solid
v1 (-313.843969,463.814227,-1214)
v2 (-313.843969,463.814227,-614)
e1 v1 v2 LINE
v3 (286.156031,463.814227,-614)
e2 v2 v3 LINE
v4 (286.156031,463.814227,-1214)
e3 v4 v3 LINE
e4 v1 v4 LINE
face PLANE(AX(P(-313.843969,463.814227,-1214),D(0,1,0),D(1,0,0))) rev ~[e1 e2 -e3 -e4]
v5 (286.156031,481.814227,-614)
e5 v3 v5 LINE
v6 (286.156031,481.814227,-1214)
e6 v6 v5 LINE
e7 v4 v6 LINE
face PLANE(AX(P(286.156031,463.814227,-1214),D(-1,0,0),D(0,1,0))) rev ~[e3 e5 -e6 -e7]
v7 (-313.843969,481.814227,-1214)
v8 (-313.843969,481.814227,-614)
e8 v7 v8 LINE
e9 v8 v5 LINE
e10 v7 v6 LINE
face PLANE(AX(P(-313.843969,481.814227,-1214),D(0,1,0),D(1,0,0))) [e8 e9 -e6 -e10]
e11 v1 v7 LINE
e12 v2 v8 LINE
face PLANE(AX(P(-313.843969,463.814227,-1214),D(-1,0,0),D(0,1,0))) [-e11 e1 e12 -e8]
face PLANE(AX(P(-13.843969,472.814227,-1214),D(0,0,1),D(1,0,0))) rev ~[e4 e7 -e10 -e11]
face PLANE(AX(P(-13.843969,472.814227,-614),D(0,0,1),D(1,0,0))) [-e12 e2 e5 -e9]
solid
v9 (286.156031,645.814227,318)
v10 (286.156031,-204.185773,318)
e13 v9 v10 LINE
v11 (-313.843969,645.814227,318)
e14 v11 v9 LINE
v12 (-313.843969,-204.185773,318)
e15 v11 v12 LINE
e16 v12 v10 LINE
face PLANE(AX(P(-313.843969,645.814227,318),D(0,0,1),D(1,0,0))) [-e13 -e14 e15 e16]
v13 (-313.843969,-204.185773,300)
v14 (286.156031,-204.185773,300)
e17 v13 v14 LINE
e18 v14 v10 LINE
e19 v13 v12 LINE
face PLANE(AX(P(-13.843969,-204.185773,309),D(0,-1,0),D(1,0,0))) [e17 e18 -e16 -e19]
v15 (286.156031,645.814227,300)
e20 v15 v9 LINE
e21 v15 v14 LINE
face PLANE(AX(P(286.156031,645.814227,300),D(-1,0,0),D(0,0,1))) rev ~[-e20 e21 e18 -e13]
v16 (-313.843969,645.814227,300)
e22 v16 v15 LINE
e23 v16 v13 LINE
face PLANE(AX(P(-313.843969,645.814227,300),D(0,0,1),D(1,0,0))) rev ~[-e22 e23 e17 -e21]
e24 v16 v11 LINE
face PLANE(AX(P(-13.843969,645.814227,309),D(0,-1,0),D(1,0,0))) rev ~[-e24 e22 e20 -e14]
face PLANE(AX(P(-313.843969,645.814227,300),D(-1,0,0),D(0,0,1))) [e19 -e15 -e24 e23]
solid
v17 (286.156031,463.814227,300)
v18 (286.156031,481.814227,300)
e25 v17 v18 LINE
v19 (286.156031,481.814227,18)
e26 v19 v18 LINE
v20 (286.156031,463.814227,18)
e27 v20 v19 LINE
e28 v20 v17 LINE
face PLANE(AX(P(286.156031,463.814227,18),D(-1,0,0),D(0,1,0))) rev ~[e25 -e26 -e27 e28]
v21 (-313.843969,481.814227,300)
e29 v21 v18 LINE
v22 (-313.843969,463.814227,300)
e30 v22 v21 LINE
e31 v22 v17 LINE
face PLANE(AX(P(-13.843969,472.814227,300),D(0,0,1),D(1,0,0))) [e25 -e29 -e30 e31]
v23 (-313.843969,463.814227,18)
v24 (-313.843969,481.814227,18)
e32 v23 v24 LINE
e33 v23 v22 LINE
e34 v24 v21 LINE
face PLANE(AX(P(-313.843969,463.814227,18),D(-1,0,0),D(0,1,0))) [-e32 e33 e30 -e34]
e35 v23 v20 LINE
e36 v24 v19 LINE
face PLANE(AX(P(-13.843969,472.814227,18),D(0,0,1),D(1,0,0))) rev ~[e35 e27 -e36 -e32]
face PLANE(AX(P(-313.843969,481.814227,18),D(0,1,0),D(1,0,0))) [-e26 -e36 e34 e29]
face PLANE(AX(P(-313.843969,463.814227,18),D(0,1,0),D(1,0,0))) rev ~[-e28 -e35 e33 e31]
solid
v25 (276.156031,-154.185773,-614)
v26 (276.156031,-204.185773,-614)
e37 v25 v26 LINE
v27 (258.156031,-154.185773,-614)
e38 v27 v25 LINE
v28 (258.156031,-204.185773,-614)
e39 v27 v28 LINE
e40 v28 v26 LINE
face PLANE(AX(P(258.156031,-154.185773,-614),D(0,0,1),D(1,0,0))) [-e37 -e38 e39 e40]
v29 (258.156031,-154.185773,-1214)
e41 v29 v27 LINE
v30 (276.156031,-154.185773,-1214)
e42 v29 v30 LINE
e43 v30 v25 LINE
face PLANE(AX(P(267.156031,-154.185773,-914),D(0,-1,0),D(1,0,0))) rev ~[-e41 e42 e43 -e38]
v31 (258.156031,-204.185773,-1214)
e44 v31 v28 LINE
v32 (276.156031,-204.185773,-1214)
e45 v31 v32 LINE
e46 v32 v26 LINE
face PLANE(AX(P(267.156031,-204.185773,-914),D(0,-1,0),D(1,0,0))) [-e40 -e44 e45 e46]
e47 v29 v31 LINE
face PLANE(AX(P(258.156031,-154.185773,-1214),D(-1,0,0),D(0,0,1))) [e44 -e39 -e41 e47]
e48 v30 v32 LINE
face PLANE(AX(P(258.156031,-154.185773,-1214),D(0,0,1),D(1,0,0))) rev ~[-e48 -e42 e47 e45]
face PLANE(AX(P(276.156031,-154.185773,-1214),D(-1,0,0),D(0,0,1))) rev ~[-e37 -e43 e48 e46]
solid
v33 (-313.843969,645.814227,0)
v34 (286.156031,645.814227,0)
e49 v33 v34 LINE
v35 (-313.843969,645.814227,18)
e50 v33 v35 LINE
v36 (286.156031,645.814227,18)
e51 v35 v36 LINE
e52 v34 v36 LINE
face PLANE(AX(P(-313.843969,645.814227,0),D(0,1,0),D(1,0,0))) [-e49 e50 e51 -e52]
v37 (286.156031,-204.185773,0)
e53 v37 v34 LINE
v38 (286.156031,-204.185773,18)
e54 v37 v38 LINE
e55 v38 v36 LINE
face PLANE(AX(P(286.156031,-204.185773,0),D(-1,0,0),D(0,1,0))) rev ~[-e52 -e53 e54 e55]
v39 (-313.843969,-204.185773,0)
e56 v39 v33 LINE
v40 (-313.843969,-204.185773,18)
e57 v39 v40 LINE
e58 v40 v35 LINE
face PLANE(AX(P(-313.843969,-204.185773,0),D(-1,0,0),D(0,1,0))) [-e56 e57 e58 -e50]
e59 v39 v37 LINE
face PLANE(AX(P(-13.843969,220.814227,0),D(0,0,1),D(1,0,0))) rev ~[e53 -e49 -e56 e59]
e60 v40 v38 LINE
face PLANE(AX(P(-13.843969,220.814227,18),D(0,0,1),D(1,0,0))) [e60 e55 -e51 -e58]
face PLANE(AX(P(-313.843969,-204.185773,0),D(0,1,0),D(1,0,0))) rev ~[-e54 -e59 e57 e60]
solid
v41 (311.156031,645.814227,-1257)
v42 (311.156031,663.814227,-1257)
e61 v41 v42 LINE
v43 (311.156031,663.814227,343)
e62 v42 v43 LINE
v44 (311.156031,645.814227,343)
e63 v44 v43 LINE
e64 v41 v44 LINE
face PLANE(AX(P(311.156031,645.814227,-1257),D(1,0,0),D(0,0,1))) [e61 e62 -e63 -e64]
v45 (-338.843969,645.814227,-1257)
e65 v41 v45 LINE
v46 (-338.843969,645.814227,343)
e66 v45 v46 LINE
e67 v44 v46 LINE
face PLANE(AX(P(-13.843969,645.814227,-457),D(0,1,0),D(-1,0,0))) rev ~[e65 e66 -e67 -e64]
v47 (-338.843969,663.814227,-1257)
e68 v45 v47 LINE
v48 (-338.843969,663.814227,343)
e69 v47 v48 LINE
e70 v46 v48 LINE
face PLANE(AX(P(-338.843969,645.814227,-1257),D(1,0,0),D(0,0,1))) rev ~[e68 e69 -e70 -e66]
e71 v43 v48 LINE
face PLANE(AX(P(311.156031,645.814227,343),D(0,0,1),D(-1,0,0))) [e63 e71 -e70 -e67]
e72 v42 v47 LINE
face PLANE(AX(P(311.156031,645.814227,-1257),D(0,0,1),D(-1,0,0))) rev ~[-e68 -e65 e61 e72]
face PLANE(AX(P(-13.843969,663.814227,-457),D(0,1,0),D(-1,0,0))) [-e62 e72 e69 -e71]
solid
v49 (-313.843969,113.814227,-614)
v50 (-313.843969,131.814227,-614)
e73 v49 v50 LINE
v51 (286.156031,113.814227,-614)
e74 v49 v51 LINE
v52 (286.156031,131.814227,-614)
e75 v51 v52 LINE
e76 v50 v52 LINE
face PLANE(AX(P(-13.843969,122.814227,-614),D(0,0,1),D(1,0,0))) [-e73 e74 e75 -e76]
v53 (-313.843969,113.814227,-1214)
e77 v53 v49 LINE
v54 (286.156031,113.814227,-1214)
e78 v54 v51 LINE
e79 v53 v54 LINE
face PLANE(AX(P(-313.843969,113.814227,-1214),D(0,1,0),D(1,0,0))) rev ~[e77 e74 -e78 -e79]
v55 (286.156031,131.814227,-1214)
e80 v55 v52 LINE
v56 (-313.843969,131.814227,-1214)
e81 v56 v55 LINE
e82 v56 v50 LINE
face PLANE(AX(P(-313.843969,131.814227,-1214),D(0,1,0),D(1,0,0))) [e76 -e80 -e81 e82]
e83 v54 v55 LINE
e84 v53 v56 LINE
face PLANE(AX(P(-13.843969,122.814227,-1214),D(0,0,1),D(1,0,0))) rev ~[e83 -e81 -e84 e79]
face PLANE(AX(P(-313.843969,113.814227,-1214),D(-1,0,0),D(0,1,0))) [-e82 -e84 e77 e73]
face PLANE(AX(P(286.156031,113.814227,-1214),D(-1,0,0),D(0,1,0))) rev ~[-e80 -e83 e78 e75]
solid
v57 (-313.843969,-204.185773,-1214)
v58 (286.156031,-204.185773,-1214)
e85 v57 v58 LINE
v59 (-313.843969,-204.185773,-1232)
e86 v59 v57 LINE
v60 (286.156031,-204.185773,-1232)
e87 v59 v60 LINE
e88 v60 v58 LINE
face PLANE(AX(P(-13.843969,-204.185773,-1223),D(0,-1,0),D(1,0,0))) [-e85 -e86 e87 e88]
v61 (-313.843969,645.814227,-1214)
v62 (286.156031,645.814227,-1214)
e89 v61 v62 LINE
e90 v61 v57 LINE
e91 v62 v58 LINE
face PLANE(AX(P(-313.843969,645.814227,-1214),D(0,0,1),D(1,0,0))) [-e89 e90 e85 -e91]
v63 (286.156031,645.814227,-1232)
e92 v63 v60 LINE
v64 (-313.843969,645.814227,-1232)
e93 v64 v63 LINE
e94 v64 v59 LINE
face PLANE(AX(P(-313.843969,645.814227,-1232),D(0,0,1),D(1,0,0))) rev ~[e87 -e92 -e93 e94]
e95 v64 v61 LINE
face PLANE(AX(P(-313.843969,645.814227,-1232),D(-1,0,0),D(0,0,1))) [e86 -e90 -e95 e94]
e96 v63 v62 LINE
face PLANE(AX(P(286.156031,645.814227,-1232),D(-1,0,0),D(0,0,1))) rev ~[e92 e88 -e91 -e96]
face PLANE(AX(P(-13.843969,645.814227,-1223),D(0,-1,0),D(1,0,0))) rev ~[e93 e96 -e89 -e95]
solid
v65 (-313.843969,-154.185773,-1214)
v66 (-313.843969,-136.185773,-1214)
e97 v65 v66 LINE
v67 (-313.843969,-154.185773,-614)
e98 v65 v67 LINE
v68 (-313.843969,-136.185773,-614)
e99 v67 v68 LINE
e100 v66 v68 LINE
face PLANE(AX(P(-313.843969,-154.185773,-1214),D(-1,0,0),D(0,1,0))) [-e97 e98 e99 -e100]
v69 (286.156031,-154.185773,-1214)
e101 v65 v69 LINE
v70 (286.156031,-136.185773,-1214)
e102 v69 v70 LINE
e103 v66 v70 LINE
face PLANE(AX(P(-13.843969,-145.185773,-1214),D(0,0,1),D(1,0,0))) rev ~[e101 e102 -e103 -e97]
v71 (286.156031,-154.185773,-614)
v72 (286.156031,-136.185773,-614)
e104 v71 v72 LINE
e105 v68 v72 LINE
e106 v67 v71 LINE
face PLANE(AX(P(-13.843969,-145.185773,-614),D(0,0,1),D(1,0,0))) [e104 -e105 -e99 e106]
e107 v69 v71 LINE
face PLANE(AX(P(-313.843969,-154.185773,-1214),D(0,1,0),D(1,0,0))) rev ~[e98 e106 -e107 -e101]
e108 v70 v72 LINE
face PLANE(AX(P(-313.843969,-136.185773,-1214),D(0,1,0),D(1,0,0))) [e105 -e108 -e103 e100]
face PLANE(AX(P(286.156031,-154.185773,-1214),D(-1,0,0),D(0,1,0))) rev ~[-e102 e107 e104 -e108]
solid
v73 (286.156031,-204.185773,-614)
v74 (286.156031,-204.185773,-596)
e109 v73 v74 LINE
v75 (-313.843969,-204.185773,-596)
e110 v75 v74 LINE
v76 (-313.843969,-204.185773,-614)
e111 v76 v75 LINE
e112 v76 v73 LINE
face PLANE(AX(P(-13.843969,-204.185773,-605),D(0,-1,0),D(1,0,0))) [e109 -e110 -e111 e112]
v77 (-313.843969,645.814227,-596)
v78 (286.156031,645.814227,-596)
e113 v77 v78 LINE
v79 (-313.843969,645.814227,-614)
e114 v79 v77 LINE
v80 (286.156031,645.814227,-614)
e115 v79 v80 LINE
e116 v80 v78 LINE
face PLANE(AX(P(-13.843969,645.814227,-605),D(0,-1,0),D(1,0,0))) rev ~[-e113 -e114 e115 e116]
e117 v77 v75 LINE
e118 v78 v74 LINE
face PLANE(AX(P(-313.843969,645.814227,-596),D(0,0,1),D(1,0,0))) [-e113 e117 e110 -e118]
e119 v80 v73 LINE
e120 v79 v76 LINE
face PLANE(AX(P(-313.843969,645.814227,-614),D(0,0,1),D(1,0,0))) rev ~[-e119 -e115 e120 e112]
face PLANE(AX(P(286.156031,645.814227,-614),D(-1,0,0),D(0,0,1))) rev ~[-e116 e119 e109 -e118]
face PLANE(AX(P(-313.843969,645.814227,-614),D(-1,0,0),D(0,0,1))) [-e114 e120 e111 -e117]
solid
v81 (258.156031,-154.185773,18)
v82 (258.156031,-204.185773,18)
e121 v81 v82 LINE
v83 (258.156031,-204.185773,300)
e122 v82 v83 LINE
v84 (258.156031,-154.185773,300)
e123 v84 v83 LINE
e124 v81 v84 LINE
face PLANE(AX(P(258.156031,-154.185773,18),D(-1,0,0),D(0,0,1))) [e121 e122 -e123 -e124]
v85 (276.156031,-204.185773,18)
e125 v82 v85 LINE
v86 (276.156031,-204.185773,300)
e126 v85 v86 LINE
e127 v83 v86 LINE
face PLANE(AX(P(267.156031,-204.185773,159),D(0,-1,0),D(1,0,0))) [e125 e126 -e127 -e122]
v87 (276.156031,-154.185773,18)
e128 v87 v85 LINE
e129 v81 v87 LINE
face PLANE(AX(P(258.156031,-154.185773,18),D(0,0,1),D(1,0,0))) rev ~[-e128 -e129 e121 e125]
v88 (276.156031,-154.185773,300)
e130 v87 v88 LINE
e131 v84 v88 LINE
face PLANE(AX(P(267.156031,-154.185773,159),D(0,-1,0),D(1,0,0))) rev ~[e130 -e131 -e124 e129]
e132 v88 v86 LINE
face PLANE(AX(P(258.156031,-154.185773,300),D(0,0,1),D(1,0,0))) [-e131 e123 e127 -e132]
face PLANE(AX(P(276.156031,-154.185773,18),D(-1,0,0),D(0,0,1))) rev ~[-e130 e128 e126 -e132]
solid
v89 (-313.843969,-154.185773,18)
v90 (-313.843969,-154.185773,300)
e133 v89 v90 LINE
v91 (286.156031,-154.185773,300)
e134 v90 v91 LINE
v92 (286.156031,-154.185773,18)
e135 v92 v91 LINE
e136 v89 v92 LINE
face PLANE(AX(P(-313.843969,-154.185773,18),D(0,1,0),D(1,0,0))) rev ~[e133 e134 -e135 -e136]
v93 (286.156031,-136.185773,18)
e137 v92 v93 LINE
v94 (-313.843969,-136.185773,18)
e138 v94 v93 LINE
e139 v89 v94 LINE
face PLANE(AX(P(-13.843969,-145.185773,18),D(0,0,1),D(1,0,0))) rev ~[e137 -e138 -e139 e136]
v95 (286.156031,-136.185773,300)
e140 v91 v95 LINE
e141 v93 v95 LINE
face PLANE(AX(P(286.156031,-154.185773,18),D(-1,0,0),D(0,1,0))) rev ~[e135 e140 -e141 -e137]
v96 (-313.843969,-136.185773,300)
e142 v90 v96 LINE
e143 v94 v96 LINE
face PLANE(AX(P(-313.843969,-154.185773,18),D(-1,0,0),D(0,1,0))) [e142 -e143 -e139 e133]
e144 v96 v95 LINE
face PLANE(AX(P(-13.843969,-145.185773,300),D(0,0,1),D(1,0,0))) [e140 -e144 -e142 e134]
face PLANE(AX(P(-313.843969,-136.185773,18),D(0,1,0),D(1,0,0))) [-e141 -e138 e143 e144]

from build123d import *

# Parameters (mm, degrees)
F0_W      = 600
F0_H      = 850
F1_DEPTH  = 18
F2_W      = 650
F2_H      = 1600
F3_DEPTH  = 18
F4_W      = 600
F4_H      = 18
F5_DEPTH  = 850
F6_W      = 600
F6_H      = 18
F7_DEPTH  = 600
F8_W      = 600
F8_H      = 18
F9_DEPTH  = 282
F10_W     = 18
F10_H     = 282
F10_H_2   = 600
F11_DEPTH = 50


with BuildPart() as f1:
    # F0 (on Top) → F1 (new body)
    with BuildSketch(Plane.XY):
        with Locations((-13.843969, 220.814227)):
            Rectangle(F0_W, F0_H)
    extrude(amount=F1_DEPTH)


with BuildPart() as f3:
    # F2 (on face) → F3 (new body)
    with BuildSketch(Plane(origin=(0, 645.814227, 0), x_dir=(-1, 0, 0), z_dir=(0, 1, 0))):
        with Locations((13.843969, -457)):
            Rectangle(F2_W, F2_H)
    extrude(amount=F3_DEPTH)


with BuildPart() as f5:
    # F4 (on face) → F5 (new body, through all)
    with BuildSketch(Plane.XZ.offset(-645.814227)):
        with Locations((-13.843969, -605)):
            Rectangle(F4_W, F4_H)
        with Locations((-13.843969, -1223)):
            Rectangle(F4_W, F4_H)
        with Locations((-13.843969, 309)):
            Rectangle(F4_W, F4_H)
    extrude(amount=F5_DEPTH)


with BuildPart() as f7:
    # F6 (on face) → F7 (new body, through all)
    with BuildSketch(Plane.XY.offset(-1214)):
        with Locations((-13.843969, -145.185773)):
            Rectangle(F6_W, F6_H)
        with Locations((-13.843969, 472.814227)):
            Rectangle(F6_W, F6_H)
        with Locations((-13.843969, 122.814227)):
            Rectangle(F6_W, F6_H)
    extrude(amount=F7_DEPTH)


with BuildPart() as f9:
    # F8 (on face) → F9 (new body, through all)
    with BuildSketch(Plane.XY.offset(18)):
        with Locations((-13.843969, 472.814227)):
            Rectangle(F8_W, F8_H)
        with Locations((-13.843969, -145.185773)):
            Rectangle(F8_W, F8_H)
    extrude(amount=F9_DEPTH)


with BuildPart() as f11:
    # F10 (on face) → F11 (new body, through all)
    with BuildSketch(Plane.XZ.offset(154.185773)):
        with Locations((267.156031, 159)):
            Rectangle(F10_W, F10_H)
        with Locations((267.156031, -914)):
            Rectangle(F10_W, F10_H_2)
    extrude(amount=F11_DEPTH)


solid = Compound([f1.part, f3.part, f5.part, f7.part, f9.part, f11.part])
